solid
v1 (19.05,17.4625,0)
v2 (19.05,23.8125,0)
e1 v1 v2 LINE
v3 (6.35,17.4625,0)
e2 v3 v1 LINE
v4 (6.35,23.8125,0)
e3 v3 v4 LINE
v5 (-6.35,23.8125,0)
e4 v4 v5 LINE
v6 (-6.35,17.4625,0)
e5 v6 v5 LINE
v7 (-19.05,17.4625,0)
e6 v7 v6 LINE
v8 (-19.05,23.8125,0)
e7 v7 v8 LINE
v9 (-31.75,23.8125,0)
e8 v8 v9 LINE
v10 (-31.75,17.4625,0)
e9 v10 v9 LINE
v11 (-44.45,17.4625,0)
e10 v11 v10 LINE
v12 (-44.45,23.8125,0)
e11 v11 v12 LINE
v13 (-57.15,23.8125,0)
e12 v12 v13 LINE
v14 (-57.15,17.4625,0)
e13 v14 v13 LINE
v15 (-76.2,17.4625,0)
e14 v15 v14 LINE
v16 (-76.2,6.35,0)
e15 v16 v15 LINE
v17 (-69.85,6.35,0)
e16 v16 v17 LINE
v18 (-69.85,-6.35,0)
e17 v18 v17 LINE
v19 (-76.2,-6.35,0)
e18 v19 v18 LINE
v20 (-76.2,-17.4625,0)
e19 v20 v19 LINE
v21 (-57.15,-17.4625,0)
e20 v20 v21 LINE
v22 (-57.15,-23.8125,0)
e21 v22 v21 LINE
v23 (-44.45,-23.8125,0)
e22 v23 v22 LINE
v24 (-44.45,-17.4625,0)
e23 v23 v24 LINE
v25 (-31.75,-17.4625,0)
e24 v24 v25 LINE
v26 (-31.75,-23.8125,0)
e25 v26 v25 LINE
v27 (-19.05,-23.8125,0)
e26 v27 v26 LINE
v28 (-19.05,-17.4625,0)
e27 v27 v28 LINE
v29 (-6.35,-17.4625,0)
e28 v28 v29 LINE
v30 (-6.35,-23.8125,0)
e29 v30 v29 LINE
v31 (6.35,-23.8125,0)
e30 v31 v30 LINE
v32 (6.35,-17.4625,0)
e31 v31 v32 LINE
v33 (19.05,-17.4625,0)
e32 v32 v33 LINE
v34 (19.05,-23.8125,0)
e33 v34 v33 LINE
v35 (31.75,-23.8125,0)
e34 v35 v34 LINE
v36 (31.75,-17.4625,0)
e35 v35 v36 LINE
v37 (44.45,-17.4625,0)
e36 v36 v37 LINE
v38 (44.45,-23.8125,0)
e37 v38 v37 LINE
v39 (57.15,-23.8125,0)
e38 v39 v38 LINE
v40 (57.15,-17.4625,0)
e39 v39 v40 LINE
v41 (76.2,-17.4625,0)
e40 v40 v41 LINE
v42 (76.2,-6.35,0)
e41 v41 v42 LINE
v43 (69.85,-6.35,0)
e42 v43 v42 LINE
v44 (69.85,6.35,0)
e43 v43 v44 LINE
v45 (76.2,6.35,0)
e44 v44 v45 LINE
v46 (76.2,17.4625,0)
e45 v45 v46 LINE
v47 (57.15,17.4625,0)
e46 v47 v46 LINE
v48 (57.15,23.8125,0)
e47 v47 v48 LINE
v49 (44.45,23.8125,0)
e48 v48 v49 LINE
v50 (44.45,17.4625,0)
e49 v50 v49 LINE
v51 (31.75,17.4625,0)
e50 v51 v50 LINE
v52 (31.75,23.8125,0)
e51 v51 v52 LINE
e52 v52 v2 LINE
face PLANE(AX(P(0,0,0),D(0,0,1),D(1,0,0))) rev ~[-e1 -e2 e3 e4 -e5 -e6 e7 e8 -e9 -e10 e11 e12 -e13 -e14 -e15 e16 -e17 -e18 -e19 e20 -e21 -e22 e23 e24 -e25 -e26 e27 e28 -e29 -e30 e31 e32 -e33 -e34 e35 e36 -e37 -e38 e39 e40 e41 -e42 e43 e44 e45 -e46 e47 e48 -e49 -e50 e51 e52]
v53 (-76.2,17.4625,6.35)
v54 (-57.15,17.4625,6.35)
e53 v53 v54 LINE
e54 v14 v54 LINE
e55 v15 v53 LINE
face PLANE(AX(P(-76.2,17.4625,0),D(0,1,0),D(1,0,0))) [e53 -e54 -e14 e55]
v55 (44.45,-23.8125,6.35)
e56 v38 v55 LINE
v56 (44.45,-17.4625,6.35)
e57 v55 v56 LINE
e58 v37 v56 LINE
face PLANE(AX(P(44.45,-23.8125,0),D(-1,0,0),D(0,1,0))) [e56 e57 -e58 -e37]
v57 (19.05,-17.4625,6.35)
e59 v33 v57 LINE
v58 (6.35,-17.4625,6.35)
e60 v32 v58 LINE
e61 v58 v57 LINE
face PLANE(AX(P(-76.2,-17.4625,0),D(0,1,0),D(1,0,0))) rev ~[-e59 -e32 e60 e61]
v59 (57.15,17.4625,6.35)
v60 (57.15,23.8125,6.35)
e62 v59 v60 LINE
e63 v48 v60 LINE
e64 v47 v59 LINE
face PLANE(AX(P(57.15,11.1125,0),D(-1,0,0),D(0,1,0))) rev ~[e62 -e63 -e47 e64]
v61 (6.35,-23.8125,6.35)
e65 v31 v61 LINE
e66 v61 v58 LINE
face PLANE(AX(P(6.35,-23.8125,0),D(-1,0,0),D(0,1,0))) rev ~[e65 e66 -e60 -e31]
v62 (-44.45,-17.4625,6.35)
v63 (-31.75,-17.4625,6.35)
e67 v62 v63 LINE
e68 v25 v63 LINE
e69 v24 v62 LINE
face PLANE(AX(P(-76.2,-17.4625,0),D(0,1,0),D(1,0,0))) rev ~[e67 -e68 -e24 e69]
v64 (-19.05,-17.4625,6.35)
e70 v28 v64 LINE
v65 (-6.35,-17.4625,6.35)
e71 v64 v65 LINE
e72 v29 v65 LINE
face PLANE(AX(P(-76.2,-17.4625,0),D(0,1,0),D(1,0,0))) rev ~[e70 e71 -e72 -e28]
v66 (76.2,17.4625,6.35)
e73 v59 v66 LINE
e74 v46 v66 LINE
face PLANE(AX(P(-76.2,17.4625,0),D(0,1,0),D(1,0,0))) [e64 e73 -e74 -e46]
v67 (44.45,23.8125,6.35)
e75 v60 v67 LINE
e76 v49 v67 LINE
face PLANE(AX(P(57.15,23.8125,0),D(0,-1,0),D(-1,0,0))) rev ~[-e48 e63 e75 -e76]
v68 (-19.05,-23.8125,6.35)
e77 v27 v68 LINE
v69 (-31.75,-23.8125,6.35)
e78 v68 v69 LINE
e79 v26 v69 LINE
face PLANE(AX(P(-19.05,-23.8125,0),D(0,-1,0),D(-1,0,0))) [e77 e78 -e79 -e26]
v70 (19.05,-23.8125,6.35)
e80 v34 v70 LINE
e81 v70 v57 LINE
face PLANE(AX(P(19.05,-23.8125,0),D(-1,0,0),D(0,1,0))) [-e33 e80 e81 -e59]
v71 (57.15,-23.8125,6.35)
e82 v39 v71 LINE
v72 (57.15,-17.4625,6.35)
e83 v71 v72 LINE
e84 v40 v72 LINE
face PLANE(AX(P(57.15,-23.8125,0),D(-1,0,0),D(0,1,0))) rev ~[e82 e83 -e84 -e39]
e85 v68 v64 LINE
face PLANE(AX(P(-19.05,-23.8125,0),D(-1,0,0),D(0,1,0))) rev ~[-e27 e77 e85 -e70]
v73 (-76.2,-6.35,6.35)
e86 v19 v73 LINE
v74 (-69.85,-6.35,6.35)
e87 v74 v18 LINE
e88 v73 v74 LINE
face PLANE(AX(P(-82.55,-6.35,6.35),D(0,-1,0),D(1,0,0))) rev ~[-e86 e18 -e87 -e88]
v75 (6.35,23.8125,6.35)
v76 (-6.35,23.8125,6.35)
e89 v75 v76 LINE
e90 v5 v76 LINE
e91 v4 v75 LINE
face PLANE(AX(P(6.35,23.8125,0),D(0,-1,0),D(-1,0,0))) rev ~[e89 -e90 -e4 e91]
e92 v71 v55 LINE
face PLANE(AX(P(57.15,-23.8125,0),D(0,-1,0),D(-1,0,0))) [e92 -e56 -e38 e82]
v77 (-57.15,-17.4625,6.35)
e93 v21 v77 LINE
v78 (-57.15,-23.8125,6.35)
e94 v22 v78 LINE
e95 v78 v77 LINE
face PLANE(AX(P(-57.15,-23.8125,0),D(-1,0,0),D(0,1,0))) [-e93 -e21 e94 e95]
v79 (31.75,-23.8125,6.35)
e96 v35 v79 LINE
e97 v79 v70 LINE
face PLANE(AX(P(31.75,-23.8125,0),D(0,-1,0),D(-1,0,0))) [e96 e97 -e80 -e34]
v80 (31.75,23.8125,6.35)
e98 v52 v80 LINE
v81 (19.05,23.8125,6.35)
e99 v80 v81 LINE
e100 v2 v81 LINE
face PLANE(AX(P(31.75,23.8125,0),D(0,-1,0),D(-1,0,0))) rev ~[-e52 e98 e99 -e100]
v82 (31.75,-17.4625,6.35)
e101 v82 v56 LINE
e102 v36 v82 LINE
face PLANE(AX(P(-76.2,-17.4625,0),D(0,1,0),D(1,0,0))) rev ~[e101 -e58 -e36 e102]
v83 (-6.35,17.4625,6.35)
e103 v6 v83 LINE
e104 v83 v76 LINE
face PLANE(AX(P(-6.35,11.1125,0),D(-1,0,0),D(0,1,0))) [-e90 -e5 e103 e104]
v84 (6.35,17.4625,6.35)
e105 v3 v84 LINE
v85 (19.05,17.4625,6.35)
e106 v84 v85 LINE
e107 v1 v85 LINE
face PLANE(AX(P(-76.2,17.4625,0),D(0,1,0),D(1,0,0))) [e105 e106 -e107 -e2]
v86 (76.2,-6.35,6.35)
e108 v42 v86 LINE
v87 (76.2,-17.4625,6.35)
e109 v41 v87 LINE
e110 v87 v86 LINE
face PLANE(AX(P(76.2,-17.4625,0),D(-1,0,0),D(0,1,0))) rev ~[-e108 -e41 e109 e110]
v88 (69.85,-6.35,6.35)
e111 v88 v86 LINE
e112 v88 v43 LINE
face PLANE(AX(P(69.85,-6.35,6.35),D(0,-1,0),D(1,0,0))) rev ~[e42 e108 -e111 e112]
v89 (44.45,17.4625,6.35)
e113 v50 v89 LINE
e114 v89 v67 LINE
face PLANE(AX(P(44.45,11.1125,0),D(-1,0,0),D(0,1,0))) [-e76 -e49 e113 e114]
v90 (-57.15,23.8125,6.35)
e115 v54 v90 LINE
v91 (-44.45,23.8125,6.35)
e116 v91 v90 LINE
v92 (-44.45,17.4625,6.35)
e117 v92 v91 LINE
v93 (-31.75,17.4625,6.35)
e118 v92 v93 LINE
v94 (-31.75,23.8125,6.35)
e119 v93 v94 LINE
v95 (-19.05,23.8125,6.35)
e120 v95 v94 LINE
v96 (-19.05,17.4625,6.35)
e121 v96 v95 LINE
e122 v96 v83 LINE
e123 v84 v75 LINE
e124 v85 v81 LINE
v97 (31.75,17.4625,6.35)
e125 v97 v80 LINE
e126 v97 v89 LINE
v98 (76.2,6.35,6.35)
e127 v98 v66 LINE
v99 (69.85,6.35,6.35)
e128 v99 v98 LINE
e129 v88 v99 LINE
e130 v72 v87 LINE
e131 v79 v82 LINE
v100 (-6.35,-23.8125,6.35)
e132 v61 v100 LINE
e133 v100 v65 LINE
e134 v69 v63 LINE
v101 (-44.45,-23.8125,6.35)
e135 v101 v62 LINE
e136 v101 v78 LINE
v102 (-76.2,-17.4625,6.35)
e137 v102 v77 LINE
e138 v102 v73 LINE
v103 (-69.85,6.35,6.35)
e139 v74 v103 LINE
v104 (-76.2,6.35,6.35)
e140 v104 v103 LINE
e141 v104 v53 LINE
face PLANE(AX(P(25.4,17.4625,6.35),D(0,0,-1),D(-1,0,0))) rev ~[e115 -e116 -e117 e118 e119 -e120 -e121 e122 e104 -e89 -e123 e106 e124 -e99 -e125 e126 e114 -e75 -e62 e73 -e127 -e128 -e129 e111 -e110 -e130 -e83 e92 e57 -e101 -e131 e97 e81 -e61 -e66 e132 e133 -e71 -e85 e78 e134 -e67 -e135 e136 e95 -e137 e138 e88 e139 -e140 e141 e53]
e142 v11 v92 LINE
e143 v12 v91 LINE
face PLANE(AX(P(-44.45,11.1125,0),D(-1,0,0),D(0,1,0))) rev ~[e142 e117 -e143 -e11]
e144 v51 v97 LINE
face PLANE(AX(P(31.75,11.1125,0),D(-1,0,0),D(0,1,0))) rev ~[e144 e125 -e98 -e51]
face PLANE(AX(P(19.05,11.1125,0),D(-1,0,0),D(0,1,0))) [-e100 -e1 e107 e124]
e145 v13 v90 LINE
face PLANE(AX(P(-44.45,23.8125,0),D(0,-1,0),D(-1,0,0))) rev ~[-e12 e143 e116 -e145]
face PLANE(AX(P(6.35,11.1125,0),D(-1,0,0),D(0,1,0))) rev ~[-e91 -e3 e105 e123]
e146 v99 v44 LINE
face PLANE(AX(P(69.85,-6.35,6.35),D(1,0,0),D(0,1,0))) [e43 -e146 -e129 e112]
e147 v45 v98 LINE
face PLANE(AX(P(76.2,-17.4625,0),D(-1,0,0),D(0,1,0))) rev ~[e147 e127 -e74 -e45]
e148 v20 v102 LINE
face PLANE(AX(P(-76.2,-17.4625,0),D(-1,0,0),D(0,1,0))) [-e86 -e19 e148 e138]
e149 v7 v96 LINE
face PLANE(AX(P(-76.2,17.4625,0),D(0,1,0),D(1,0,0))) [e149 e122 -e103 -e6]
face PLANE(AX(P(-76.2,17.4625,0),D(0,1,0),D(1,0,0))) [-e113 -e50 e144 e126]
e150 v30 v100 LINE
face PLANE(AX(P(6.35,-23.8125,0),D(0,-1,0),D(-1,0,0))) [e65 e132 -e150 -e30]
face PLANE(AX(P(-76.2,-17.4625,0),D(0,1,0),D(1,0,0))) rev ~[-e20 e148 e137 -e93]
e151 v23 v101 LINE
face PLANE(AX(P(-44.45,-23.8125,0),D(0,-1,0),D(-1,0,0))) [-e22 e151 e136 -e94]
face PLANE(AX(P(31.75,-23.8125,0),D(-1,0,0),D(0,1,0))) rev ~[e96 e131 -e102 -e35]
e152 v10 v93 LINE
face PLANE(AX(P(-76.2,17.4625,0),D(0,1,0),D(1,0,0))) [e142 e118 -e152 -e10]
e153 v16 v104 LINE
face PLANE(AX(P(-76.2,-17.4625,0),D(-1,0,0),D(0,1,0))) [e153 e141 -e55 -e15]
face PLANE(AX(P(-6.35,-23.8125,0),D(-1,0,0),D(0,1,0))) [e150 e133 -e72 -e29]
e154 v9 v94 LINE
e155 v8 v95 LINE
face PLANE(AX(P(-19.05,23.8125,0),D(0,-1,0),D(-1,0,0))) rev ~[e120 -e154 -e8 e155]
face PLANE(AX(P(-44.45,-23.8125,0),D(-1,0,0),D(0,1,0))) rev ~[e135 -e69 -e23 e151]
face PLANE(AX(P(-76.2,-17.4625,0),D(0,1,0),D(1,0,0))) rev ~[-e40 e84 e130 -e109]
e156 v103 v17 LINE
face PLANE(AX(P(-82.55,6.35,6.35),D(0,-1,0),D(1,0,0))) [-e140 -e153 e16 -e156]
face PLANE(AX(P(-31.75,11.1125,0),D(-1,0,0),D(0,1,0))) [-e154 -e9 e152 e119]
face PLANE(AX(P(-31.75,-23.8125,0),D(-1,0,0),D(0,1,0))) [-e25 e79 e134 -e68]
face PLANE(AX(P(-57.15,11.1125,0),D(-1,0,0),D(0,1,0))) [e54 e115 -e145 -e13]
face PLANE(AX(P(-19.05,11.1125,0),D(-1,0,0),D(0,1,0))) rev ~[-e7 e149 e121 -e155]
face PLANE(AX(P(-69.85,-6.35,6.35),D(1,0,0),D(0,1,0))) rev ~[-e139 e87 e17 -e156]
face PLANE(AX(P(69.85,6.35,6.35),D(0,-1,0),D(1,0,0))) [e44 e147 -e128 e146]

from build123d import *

# Parameters (mm, degrees)
SKETCH1_W            = 152.4
SKETCH1_H            = 34.925
MASS_DEPTH           = 6.35
SKETCH3_W            = 12.7
SKETCH3_H            = 12.7
TOP_TOOTH_DEPTH      = 6.35
TOP_PUZZLE_COUNT     = 3
TOP_PUZZLE_PITCH     = 25.4
TOP_PUZZLE_COL_COUNT = 3
TOP_PUZZLE_COL_PITCH = 25.4
SKETCH4_W            = 12.7
SKETCH4_H            = 12.7
SIDE_TOOTH_DEPTH     = 81.086188923


with BuildPart() as part:
    # Sketch1 → Mass (new body)
    with BuildSketch(Plane.XY):
        Rectangle(SKETCH1_W, SKETCH1_H)
    extrude(amount=MASS_DEPTH)

    # Sketch3 → Top Tooth (add)
    with BuildSketch(Plane(origin=(0, 0, 0), x_dir=(-1, 0, 0), z_dir=(0, 0, -1))):
        with Locations((0, 17.4625)):
            Rectangle(SKETCH3_W, SKETCH3_H)
        with Locations((0, -17.4625)):
            Rectangle(SKETCH3_W, SKETCH3_H)
    top_tooth = extrude(amount=-TOP_TOOTH_DEPTH)

    # Top Puzzle: Top Tooth ×3
    with Locations(*[(-i * TOP_PUZZLE_PITCH, 0, 0) for i in range(1, TOP_PUZZLE_COUNT)]):
        add(top_tooth)

    # Top Puzzle col: Top Tooth ×3
    with Locations(*[(i * TOP_PUZZLE_COL_PITCH, 0, 0) for i in range(1, TOP_PUZZLE_COL_COUNT)]):
        add(top_tooth)

    # Sketch4 → Side Tooth (cut, through all)
    with BuildSketch(Plane.XY.offset(6.35)):
        with Locations((76.2, 0)):
            Rectangle(SKETCH4_W, SKETCH4_H)
        with Locations((-76.2, 0)):
            Rectangle(SKETCH4_W, SKETCH4_H)
    extrude(amount=-SIDE_TOOTH_DEPTH, mode=Mode.SUBTRACT)


solid = part.part
